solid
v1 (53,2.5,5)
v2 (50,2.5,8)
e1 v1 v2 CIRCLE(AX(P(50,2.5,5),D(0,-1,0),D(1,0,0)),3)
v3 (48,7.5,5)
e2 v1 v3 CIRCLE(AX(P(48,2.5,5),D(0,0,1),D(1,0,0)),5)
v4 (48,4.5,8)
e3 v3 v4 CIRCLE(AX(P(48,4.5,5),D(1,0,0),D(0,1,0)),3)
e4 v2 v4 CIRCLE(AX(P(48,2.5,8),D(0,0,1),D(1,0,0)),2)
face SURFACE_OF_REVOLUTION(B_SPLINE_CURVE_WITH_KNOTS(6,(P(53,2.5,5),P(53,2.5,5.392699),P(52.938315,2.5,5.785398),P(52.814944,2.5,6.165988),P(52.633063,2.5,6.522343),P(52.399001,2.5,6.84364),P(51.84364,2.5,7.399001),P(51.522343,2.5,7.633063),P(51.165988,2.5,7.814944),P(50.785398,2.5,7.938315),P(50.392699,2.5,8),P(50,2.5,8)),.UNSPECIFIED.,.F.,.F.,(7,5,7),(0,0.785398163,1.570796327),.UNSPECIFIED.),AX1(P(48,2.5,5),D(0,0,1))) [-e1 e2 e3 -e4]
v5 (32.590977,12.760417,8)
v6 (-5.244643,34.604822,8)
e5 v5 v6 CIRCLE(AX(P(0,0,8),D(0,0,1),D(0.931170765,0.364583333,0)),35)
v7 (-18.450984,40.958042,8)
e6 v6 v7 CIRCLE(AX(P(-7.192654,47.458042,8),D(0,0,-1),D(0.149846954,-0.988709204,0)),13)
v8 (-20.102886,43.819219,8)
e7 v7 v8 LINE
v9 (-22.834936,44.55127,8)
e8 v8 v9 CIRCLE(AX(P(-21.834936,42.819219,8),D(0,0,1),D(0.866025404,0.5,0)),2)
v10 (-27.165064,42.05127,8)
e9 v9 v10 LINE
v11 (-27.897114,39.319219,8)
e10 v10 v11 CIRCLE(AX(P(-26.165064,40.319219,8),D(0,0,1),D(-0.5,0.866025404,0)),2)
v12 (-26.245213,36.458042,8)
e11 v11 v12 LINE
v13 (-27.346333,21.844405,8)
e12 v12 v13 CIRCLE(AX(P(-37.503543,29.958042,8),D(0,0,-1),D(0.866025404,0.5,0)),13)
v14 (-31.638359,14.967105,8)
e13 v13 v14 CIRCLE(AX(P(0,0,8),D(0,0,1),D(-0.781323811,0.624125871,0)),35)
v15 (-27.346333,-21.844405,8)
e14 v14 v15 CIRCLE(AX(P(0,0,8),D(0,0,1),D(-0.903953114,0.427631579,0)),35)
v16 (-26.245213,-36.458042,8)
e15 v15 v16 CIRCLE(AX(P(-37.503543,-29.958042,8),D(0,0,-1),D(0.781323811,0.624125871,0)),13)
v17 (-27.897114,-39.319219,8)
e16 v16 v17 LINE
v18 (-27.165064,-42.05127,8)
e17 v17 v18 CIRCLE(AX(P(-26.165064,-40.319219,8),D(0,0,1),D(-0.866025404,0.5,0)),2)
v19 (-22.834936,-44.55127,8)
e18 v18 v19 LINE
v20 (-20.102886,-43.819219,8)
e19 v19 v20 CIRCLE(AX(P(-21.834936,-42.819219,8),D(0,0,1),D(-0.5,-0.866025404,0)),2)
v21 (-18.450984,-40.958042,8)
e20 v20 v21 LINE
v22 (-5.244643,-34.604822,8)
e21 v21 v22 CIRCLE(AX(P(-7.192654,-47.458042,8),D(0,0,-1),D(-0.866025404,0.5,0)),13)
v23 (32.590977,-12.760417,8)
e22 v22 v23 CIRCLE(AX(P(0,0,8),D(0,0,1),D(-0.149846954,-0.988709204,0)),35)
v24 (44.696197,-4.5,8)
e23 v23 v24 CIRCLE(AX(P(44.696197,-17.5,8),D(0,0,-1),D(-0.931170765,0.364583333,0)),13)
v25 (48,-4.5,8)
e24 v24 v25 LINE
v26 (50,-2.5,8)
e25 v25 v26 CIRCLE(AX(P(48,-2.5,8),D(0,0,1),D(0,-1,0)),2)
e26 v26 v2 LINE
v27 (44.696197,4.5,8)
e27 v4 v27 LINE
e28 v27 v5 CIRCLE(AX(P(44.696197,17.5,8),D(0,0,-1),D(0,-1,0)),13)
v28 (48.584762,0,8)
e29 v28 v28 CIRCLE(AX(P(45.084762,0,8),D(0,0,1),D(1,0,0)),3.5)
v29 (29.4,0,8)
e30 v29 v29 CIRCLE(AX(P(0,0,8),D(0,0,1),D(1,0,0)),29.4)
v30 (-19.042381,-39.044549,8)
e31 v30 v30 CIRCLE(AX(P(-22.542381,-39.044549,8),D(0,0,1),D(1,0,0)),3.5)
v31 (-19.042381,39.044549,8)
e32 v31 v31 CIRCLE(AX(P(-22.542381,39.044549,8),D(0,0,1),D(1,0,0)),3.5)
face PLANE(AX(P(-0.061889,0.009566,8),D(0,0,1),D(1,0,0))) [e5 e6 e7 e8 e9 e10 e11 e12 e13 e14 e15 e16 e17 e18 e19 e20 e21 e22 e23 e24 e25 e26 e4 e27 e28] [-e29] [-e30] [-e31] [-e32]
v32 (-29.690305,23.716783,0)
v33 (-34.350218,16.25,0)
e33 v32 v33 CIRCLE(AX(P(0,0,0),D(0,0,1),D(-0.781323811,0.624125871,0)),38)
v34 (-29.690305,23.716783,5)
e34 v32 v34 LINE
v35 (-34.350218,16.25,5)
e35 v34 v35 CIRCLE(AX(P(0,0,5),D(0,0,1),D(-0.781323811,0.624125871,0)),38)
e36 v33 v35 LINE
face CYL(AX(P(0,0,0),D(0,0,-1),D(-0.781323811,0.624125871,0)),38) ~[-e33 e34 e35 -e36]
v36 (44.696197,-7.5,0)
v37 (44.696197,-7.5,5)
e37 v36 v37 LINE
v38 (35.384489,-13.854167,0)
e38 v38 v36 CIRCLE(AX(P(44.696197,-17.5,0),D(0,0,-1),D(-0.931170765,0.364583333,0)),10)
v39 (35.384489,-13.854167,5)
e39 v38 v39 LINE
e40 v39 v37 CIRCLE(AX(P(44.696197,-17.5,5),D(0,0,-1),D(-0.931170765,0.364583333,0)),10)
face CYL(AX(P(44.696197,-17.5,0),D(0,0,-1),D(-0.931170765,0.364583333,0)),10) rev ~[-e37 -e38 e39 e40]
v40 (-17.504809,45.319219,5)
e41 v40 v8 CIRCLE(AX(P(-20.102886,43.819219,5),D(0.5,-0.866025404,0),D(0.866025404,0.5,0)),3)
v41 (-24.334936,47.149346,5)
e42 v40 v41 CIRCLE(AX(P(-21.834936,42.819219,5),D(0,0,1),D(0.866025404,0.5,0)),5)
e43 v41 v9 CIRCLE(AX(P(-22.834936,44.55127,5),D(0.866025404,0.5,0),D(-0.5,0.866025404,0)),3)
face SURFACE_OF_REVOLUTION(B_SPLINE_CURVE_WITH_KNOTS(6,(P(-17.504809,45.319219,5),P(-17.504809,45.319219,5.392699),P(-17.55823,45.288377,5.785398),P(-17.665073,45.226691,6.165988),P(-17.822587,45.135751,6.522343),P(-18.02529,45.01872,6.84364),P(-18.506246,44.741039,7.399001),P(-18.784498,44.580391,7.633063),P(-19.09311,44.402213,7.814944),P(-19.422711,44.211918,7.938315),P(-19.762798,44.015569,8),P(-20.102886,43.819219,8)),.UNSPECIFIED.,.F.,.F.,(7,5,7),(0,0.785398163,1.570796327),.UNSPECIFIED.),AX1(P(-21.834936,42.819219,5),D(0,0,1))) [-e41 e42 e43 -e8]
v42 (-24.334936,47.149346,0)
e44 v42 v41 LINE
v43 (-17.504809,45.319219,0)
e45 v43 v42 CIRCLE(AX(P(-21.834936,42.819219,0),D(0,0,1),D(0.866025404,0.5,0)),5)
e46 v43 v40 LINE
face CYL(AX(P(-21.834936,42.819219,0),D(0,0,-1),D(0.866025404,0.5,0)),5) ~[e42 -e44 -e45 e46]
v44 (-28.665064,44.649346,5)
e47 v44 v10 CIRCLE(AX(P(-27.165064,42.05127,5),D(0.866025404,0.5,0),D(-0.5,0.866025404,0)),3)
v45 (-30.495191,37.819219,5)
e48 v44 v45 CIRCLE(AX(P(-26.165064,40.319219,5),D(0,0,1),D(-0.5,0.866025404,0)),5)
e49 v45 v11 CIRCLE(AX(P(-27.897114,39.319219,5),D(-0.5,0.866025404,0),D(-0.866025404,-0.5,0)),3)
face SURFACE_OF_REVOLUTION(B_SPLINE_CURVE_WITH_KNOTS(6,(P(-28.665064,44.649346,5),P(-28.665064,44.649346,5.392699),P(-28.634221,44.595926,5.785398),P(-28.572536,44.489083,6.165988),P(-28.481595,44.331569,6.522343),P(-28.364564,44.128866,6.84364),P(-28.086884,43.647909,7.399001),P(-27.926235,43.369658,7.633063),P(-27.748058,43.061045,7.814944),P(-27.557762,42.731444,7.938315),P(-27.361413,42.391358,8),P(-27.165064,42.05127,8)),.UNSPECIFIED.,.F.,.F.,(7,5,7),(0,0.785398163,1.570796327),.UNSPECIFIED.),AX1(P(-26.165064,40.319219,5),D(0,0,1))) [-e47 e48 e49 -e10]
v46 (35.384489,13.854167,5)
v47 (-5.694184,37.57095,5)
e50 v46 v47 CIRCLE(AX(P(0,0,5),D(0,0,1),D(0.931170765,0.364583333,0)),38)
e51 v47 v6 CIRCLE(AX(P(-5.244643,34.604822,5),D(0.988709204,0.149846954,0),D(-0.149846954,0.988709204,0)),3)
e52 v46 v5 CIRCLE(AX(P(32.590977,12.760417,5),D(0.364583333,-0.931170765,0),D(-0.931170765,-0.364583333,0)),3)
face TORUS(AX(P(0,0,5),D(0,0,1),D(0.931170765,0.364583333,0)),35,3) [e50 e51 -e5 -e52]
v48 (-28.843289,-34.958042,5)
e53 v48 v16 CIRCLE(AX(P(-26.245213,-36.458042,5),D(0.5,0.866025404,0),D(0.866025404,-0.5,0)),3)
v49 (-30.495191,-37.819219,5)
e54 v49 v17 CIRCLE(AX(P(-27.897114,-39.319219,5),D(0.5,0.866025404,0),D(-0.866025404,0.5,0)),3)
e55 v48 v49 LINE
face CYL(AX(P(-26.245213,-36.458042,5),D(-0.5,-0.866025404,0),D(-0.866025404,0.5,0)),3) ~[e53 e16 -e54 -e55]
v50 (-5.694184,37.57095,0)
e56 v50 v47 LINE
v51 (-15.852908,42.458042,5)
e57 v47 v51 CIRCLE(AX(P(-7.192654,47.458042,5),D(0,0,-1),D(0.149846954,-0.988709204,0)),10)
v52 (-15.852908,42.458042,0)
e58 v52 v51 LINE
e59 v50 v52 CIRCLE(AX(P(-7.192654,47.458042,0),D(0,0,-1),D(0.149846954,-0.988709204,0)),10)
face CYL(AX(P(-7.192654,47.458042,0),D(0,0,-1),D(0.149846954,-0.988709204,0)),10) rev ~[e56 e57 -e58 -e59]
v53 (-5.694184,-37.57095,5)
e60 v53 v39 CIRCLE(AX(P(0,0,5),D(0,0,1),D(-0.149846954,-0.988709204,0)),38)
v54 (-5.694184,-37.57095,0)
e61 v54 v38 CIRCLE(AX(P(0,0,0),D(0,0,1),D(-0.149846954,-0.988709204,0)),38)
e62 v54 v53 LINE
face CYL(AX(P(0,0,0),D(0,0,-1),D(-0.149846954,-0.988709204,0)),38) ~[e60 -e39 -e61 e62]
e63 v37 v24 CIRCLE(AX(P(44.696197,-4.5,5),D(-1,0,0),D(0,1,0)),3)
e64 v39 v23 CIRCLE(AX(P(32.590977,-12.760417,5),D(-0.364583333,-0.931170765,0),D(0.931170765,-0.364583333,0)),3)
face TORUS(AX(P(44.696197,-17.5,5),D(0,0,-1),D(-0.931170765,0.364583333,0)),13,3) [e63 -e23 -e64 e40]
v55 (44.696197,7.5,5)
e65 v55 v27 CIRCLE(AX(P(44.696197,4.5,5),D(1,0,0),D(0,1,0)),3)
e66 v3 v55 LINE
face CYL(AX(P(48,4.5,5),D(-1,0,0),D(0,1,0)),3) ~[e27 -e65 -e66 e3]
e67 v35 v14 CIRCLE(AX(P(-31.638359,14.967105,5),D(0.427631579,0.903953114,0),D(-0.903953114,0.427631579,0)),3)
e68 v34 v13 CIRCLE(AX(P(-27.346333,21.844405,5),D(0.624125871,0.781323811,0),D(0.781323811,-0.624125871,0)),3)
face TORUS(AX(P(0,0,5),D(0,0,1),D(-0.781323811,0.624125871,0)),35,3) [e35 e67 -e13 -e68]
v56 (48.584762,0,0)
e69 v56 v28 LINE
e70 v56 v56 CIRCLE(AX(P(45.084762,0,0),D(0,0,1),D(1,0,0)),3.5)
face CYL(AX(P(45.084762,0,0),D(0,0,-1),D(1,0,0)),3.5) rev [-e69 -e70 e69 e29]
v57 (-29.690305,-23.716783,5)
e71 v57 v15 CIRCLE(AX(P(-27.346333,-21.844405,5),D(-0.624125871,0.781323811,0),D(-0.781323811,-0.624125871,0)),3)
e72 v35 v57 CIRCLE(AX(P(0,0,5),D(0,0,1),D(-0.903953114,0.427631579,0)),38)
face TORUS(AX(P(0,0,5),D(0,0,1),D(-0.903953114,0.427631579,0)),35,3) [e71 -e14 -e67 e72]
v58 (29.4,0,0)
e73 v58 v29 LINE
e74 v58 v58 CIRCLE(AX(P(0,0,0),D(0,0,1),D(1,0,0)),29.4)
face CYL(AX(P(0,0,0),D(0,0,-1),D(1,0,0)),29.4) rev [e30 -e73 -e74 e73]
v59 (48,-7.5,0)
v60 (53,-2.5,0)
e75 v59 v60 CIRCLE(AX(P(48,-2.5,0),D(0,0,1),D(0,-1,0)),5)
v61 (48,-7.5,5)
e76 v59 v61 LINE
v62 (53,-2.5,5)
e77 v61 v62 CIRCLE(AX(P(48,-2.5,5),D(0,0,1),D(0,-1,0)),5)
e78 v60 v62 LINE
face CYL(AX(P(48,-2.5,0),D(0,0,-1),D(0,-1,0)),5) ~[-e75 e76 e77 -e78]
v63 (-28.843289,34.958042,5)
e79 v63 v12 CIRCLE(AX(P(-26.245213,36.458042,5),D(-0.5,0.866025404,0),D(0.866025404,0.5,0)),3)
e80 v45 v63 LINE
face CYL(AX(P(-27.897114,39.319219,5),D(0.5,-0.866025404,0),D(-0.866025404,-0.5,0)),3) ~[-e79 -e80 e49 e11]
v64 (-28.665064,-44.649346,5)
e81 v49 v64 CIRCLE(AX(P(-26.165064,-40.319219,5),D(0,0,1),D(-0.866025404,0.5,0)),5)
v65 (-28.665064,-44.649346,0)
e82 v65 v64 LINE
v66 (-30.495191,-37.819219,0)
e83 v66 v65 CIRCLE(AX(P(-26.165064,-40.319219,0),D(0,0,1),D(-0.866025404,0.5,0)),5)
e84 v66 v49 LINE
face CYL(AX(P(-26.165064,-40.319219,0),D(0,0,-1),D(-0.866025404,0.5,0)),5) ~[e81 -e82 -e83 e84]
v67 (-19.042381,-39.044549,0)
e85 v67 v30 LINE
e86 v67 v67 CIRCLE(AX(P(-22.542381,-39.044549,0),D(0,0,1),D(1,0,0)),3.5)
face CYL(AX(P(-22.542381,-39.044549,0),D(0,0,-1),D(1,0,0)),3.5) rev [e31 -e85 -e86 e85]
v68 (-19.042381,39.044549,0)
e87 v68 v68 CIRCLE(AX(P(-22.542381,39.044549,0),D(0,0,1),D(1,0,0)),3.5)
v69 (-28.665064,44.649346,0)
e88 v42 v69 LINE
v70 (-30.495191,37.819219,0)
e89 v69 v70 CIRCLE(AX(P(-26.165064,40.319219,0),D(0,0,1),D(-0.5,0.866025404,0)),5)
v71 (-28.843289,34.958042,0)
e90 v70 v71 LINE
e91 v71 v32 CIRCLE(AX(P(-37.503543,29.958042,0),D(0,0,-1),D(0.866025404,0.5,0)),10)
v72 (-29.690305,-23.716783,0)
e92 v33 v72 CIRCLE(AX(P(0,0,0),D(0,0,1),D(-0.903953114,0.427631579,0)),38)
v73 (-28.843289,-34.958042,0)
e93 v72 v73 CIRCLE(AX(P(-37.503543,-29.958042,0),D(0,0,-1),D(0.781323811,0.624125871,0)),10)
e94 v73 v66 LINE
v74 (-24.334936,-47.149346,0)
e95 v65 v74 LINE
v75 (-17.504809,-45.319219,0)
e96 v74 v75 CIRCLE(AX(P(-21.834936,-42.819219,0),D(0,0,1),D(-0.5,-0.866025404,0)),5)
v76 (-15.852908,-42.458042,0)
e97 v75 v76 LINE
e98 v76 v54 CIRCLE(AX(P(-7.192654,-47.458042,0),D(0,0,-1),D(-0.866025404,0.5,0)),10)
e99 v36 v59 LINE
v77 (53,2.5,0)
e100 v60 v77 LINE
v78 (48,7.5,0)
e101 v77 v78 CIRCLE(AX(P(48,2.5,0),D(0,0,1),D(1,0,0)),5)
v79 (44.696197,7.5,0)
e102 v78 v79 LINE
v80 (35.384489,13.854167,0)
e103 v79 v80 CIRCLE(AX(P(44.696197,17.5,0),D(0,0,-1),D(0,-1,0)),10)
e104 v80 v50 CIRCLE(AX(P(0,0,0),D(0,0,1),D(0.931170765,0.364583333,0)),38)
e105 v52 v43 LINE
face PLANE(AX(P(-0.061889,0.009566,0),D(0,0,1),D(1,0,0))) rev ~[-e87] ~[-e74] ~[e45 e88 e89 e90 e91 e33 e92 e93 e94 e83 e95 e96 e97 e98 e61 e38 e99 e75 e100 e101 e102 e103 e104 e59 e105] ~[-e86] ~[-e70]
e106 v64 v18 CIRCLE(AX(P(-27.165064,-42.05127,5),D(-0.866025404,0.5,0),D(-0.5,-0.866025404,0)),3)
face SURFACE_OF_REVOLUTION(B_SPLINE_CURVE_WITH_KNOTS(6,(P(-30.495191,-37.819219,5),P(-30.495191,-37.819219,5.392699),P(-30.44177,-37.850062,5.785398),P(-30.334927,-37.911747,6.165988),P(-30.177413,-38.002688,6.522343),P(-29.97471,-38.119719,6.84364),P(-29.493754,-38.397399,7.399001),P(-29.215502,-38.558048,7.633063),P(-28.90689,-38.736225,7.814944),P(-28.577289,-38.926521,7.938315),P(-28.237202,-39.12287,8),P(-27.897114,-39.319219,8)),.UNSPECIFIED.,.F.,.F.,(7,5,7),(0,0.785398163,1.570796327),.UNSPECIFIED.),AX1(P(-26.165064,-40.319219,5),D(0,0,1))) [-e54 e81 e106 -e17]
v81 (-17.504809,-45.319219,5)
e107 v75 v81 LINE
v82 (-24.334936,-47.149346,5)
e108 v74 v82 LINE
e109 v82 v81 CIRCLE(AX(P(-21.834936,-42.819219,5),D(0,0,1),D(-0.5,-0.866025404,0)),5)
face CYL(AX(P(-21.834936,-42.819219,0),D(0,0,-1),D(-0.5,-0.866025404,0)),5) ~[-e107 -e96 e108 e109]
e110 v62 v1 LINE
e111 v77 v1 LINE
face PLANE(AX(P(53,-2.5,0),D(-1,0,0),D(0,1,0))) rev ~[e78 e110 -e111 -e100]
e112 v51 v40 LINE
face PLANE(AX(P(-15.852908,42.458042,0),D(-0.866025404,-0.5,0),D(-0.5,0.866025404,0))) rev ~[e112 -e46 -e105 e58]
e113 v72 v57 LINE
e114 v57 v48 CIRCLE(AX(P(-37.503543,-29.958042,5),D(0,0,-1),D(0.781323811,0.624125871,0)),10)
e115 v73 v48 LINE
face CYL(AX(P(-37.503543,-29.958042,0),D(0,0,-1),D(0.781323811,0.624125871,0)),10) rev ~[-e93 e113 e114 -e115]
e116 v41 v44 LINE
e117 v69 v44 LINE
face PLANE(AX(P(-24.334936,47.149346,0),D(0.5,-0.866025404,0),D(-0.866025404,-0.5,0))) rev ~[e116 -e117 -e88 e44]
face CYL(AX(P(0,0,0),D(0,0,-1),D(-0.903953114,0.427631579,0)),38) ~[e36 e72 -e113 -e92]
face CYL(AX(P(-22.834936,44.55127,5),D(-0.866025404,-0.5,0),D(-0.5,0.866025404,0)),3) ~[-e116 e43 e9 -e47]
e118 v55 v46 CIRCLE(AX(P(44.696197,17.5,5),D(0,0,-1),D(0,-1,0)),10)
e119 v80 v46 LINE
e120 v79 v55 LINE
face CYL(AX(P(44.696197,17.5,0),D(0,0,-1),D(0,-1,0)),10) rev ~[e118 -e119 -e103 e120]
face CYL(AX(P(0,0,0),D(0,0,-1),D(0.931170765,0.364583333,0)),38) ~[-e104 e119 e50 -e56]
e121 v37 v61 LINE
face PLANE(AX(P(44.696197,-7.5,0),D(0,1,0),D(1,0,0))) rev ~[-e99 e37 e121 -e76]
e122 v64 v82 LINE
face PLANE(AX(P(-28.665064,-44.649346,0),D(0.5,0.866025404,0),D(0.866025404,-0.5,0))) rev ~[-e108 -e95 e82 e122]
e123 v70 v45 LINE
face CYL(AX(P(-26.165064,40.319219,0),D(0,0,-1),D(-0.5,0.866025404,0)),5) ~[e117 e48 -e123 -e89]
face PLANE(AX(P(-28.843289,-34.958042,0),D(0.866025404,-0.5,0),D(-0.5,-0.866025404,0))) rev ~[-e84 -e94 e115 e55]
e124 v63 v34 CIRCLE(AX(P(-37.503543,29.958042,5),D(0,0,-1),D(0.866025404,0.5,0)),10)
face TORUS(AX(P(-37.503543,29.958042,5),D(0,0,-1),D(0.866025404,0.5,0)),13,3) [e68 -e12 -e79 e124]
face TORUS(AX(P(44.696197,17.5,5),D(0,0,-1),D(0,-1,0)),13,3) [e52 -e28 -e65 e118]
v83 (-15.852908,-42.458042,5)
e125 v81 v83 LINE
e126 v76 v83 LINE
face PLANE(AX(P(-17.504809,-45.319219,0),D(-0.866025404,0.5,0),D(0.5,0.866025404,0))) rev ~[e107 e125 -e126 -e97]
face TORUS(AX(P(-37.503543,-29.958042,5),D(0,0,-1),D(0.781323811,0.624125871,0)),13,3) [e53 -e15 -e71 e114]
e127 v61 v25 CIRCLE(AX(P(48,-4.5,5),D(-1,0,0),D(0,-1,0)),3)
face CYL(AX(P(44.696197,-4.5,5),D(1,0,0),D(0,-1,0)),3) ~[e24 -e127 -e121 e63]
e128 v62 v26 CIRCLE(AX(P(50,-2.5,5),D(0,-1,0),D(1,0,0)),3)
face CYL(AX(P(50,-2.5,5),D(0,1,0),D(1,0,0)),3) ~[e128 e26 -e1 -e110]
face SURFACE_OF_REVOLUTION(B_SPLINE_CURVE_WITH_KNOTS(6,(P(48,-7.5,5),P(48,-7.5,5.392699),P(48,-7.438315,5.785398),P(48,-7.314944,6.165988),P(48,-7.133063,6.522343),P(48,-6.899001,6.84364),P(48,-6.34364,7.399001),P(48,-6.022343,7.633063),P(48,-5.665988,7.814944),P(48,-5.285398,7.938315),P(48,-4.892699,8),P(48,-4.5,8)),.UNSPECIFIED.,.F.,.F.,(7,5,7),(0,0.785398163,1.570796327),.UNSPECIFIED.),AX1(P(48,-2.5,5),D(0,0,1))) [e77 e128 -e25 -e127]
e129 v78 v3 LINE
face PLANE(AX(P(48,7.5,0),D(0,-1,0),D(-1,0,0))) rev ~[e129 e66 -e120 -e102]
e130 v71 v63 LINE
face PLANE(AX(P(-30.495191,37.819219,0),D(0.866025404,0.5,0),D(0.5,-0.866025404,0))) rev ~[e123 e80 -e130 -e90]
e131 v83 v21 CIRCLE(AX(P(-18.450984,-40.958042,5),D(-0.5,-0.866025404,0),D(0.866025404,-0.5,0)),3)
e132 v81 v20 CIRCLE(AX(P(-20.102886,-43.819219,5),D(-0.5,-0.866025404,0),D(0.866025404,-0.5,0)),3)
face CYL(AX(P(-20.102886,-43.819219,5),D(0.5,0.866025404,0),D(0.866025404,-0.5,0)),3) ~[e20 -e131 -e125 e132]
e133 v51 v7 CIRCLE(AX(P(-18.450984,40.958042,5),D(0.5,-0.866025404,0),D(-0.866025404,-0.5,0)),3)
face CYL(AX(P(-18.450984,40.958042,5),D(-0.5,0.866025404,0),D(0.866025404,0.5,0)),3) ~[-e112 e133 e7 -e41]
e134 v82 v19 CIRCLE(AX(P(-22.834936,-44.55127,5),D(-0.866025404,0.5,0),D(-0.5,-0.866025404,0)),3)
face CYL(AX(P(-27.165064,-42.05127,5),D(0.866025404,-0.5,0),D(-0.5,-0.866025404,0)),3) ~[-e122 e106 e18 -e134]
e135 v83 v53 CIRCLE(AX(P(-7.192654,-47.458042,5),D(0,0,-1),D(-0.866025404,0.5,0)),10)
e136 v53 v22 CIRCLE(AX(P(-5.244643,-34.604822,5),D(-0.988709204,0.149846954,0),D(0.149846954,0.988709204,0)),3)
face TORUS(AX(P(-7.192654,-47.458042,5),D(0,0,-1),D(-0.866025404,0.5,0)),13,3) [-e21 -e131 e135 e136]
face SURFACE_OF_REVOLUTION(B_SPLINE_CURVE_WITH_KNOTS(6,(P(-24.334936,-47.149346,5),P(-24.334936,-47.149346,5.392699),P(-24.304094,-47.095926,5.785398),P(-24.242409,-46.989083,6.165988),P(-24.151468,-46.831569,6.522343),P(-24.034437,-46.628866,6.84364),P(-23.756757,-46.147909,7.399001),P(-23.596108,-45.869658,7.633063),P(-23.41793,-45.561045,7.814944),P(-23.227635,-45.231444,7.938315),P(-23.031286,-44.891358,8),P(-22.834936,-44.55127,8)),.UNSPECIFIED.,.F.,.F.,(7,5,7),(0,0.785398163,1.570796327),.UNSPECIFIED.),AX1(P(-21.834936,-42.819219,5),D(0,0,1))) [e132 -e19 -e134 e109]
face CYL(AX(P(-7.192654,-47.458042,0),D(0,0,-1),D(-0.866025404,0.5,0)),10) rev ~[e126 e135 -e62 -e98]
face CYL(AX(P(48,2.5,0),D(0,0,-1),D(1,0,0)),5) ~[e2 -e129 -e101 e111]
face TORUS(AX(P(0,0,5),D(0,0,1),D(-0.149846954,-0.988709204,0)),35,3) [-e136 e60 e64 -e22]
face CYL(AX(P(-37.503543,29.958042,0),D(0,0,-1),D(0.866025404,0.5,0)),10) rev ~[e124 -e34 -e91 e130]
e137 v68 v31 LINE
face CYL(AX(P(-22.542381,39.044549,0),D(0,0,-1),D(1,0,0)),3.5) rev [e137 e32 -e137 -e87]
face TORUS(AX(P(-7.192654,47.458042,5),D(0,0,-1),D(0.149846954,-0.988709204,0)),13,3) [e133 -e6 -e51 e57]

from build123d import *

# Parameters (mm, degrees)
SKETCH1_R           = 29.400000026
SKETCH1_R_2         = 3.5
BOSS_EXTRUDE1_DEPTH = 8
FILLET1_R           = 3


with BuildPart() as part:
    # Sketch1 → Boss-Extrude1 (new body)
    with BuildSketch(Plane.XY):
        with BuildLine():
            Line((-28.843288881, -34.9580418), (-30.495190528, -37.819219382))
            ThreePointArc((-30.495190528, -37.819219382), (-30.994692641, -41.613314607), (-28.665063509, -44.649346401))
            Line((-28.665063509, -44.649346401), (-24.334936491, -47.149346401))
            ThreePointArc((-24.334936491, -47.149346401), (-20.540841265, -47.648848513), (-17.504809472, -45.319219382))
            Line((-17.504809472, -45.319219382), (-15.852907825, -42.4580418))
            ThreePointArc((-15.852907825, -42.4580418), (-11.527824655, -38.446588336), (-5.694184248, -37.570949758))
            ThreePointArc((-5.694184248, -37.570949758), (19, -32.908965344), (35.384489059, -13.854166667))
            ThreePointArc((35.384489059, -13.854166667), (39.059634515, -9.239905166), (44.696196706, -7.5))
            Line((44.696196706, -7.5), (48, -7.5))
            ThreePointArc((48, -7.5), (51.535533906, -6.035533906), (53, -2.5))
            Line((53, -2.5), (53, 2.5))
            ThreePointArc((53, 2.5), (51.535533906, 6.035533906), (48, 7.5))
            Line((48, 7.5), (44.696196706, 7.5))
            ThreePointArc((44.696196706, 7.5), (39.059634515, 9.239905166), (35.384489059, 13.854166667))
            ThreePointArc((35.384489059, 13.854166667), (19, 32.908965344), (-5.694184248, 37.570949758))
            ThreePointArc((-5.694184248, 37.570949758), (-11.527824655, 38.446588336), (-15.852907825, 42.4580418))
            Line((-15.852907825, 42.4580418), (-17.504809472, 45.319219382))
            ThreePointArc((-17.504809472, 45.319219382), (-20.540841265, 47.648848513), (-24.334936491, 47.149346401))
            Line((-24.334936491, 47.149346401), (-28.665063509, 44.649346401))
            ThreePointArc((-28.665063509, 44.649346401), (-30.994692641, 41.613314607), (-30.495190528, 37.819219382))
            Line((-30.495190528, 37.819219382), (-28.843288881, 34.9580418))
            ThreePointArc((-28.843288881, 34.9580418), (-27.53180986, 29.20668317), (-29.690304811, 23.716783092))
            ThreePointArc((-29.690304811, 23.716783092), (-32.237173632, 20.118763287), (-34.35021834, 16.25))
            ThreePointArc((-34.35021834, 16.25), (-37.744312009, -4.400785266), (-29.690304811, -23.716783092))
            ThreePointArc((-29.690304811, -23.716783092), (-27.53180986, -29.20668317), (-28.843288881, -34.9580418))
        make_face()
        Circle(SKETCH1_R, mode=Mode.SUBTRACT)
        with Locations((45.084761958, 0)):
            Circle(SKETCH1_R_2, mode=Mode.SUBTRACT)
        with Locations((-22.542380979, -39.044549179)):
            Circle(SKETCH1_R_2, mode=Mode.SUBTRACT)
        with Locations((-22.542380979, 39.044549179)):
            Circle(SKETCH1_R_2, mode=Mode.SUBTRACT)
    extrude(amount=BOSS_EXTRUDE1_DEPTH)

    # Fillet1
    fillet1_edges = [part.edges().sort_by_distance(p)[0] for p in [
        (-27.53180986, 29.20668317, 8),
        (-27.53180986, -29.20668317, 8),
        (-29.669239705, -36.388630591, 8),
        (-30.994692641, -41.613314607, 8),
        (-26.5, -45.899346401, 8),
        (-20.540841265, -47.648848513, 8),
        (-16.678858648, -43.888630591, 8),
        (-11.527824655, -38.446588336, 8),
        (19, -32.908965344, 8),
        (39.059634515, -9.239905166, 8),
        (46.348098353, -7.5, 8),
        (-38, 0, 8),
        (51.535533906, -6.035533906, 8),
        (53, 0, 8),
        (51.535533906, 6.035533906, 8),
        (46.348098353, 7.5, 8),
        (39.059634515, 9.239905166, 8),
        (19, 32.908965344, 8),
        (-11.527824655, 38.446588336, 8),
        (-16.678858648, 43.888630591, 8),
        (-20.540841265, 47.648848513, 8),
        (-26.5, 45.899346401, 8),
        (-30.994692641, 41.613314607, 8),
        (-29.669239705, 36.388630591, 8),
    ]]
    fillet(fillet1_edges, radius=FILLET1_R)


solid = part.part
